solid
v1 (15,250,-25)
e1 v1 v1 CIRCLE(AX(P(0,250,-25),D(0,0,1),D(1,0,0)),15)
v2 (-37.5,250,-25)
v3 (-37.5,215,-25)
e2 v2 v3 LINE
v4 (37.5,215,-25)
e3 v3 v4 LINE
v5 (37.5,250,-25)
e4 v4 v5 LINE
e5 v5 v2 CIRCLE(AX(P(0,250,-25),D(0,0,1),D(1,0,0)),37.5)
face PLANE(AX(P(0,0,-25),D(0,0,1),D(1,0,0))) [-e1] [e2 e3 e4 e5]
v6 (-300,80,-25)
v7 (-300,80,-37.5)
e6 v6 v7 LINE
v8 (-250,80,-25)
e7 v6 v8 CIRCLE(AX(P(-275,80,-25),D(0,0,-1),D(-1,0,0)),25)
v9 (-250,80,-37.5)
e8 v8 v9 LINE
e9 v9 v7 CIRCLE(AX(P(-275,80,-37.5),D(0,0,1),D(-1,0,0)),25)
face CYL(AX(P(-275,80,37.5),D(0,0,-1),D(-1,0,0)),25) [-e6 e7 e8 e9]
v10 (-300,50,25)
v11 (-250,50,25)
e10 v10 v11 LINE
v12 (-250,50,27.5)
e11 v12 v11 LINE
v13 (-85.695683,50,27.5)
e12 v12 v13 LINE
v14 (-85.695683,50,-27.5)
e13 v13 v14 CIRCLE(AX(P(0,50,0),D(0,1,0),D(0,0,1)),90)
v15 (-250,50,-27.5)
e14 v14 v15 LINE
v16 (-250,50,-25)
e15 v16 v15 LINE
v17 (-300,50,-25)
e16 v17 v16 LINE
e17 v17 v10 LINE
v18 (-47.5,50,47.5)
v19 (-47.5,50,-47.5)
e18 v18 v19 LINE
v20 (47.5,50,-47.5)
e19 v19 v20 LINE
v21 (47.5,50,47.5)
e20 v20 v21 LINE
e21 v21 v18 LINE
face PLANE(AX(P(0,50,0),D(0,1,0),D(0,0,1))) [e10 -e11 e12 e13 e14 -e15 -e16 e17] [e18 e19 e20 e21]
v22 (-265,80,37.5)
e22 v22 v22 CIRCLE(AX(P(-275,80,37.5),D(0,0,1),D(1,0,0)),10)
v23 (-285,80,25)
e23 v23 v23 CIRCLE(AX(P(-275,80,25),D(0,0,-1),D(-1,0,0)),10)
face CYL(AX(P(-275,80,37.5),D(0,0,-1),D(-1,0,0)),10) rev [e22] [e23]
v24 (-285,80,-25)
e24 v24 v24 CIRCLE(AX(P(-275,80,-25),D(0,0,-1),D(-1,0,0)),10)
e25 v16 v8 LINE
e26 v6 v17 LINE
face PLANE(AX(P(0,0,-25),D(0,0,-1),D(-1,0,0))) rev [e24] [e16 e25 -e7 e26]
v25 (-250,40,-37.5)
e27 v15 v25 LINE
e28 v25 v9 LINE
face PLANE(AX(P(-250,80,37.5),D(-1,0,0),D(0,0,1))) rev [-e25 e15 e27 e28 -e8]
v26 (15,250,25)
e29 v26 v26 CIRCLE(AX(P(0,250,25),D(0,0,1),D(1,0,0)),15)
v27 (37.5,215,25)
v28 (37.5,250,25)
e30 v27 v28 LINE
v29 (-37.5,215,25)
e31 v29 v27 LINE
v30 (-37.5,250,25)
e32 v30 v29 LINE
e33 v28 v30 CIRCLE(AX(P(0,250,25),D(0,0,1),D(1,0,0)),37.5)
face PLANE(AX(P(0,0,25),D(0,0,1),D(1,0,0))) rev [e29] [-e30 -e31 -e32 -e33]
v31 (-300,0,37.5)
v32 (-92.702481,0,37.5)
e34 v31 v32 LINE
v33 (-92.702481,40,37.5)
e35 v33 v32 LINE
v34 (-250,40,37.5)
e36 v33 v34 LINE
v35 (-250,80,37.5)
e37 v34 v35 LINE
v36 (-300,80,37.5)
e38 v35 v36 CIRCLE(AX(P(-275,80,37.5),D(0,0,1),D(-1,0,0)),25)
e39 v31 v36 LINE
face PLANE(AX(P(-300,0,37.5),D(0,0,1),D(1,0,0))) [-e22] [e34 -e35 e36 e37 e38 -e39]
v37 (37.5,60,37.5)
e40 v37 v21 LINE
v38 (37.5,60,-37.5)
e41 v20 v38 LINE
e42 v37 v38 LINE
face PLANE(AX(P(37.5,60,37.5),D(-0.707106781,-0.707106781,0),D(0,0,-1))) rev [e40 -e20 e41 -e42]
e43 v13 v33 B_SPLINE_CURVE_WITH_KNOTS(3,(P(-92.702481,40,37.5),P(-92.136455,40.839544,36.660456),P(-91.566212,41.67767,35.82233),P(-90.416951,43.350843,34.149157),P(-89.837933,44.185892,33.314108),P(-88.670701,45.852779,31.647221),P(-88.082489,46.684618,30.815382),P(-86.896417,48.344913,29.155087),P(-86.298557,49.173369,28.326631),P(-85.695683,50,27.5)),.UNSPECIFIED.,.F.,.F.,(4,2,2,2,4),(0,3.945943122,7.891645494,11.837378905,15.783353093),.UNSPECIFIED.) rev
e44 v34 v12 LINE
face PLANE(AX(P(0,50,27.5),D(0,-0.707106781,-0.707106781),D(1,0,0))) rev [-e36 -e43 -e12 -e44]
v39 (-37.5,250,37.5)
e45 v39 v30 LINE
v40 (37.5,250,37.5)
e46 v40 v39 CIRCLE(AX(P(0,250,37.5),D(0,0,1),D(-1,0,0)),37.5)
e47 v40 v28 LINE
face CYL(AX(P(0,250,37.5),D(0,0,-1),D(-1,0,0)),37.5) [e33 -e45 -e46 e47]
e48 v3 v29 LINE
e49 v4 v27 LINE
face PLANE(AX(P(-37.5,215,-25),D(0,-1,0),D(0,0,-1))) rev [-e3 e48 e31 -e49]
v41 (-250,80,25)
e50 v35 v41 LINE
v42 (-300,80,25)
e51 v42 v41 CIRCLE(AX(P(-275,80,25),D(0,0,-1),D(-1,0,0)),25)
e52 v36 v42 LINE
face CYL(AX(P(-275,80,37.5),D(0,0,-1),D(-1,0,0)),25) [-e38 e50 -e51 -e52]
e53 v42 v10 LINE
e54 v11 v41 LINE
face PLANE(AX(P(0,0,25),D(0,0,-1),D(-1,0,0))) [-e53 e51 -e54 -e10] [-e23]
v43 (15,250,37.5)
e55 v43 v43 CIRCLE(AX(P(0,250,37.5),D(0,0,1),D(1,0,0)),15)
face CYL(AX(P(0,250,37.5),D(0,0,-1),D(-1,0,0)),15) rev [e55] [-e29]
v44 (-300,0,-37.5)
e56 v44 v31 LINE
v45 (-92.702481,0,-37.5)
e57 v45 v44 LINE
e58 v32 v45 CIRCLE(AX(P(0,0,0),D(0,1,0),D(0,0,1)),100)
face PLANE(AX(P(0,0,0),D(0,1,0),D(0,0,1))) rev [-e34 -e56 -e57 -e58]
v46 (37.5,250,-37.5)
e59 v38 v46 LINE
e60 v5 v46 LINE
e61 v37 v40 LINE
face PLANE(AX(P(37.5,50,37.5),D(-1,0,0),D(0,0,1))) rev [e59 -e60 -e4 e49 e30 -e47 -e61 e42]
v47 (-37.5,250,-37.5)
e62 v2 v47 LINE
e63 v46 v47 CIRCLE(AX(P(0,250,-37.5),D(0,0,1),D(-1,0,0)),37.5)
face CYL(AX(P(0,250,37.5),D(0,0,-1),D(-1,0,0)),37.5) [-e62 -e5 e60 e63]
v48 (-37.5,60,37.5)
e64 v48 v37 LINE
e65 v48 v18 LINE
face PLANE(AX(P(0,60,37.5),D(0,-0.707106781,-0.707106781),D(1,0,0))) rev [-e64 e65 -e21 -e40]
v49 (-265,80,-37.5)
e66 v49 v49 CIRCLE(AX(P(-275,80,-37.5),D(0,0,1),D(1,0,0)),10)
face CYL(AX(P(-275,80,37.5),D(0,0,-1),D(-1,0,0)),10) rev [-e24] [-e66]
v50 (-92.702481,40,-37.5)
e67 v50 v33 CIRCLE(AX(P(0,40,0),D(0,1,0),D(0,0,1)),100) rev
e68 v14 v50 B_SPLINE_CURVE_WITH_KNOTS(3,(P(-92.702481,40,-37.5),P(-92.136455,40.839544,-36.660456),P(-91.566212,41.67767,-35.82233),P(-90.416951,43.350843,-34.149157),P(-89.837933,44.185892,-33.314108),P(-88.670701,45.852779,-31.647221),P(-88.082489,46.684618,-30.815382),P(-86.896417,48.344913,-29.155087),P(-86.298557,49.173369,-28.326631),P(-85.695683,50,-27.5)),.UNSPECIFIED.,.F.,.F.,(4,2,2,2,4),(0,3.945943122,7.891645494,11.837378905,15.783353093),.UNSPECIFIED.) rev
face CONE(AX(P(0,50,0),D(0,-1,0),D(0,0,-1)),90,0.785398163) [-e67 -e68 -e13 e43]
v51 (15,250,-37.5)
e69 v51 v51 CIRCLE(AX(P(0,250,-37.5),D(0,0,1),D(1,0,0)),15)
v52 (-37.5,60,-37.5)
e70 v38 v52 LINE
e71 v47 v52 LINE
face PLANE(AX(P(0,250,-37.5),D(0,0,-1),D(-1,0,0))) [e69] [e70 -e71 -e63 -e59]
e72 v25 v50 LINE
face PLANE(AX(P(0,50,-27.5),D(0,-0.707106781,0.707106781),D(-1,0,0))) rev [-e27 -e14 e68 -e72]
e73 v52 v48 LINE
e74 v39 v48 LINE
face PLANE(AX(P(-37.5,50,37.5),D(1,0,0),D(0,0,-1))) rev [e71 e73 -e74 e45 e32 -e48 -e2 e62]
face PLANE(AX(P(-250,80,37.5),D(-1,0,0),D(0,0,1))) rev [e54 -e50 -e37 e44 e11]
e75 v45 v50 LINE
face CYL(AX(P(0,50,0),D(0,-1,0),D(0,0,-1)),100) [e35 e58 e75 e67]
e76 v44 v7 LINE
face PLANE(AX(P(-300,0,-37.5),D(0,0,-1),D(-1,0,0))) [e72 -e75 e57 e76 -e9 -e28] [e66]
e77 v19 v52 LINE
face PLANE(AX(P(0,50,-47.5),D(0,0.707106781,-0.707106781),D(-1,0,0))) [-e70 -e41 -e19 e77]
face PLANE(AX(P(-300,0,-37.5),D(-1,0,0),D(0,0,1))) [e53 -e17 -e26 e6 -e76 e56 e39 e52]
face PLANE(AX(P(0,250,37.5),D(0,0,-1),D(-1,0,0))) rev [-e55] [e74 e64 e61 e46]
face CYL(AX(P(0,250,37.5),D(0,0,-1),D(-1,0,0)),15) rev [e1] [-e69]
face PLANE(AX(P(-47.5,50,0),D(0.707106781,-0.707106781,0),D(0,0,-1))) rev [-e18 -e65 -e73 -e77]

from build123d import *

# Parameters (mm, degrees)
SKETCH1_R           = 100
BOSS_EXTRUDE1_DEPTH = 50
SKETCH2_W           = 300
SKETCH2_H           = 75
BOSS_EXTRUDE2_DEPTH = 50
SKETCH3_R           = 10
SKETCH3_R_2         = 15
BOSS_EXTRUDE3_DEPTH = 37.5
SKETCH4_W           = 75
SKETCH4_H           = 72.5
SKETCH4_W_2         = 50
SKETCH4_H_2         = 55
CUT_EXTRUDE2_DEPTH  = 25
CHAMFER1_SIZE       = 10
CHAMFER2_SIZE       = 10


with BuildPart() as part:
    # Sketch1 → Boss-Extrude1 (new body)
    with BuildSketch(Plane(origin=(0, 0, 0), x_dir=(1, 0, 0), z_dir=(0, 1, 0))):
        with Locations(Location((0, 0, 0), (0, 0, 270))):
            Circle(SKETCH1_R)
    extrude(amount=BOSS_EXTRUDE1_DEPTH)

    # Sketch2 → Boss-Extrude2 (add)
    with BuildSketch(Plane(origin=(0, 50, 0), x_dir=(1, 0, 0), z_dir=(0, 1, 0))):
        with Locations((-150, 0)):
            Rectangle(SKETCH2_W, SKETCH2_H)
    extrude(amount=-BOSS_EXTRUDE2_DEPTH)

    # Sketch3 → Boss-Extrude3 (add, symmetric)
    # profile 1 of 2: a face of its own
    with BuildSketch(Plane.XY):
        with BuildLine():
            Line((-300, 50), (-300, 80))
            ThreePointArc((-300, 80), (-275, 105), (-250, 80))
            Line((-250, 80), (-250, 50))
            Line((-250, 50), (-300, 50))
        make_face()
        with Locations((-275, 80)):
            Circle(SKETCH3_R, mode=Mode.SUBTRACT)
    # profile 2 of 2: a face of its own
    with BuildSketch(Plane.XY):
        with BuildLine():
            Line((-37.5, 50), (37.5, 50))
            Line((37.5, 50), (37.5, 250))
            ThreePointArc((37.5, 250), (0, 287.5), (-37.5, 250))
            Line((-37.5, 250), (-37.5, 50))
        make_face()
        with Locations((0, 250)):
            Circle(SKETCH3_R_2, mode=Mode.SUBTRACT)
    extrude(amount=BOSS_EXTRUDE3_DEPTH, both=True)

    # Sketch4 → Cut-Extrude2 (cut, symmetric)
    with BuildSketch(Plane.XY):
        with Locations((0, 251.25)):
            Rectangle(SKETCH4_W, SKETCH4_H)
        with Locations((-275, 77.5)):
            Rectangle(SKETCH4_W_2, SKETCH4_H_2)
    extrude(amount=CUT_EXTRUDE2_DEPTH, both=True, mode=Mode.SUBTRACT)

    # Chamfer1
    chamfer1_edges = [part.edges().sort_by_distance(p)[0] for p in [
        (-171.351240544, 50, -37.5),
        (100, 50, 0),
        (-171.351240544, 50, 37.5),
    ]]
    chamfer(chamfer1_edges, length=CHAMFER1_SIZE)

    # Chamfer2
    chamfer2_edges = [part.edges().sort_by_distance(p)[0] for p in [
        (0, 50, 37.5),
        (0, 50, -37.5),
        (-37.5, 50, 0),
        (37.5, 50, 0),
    ]]
    chamfer(chamfer2_edges, length=CHAMFER2_SIZE)


solid = part.part
